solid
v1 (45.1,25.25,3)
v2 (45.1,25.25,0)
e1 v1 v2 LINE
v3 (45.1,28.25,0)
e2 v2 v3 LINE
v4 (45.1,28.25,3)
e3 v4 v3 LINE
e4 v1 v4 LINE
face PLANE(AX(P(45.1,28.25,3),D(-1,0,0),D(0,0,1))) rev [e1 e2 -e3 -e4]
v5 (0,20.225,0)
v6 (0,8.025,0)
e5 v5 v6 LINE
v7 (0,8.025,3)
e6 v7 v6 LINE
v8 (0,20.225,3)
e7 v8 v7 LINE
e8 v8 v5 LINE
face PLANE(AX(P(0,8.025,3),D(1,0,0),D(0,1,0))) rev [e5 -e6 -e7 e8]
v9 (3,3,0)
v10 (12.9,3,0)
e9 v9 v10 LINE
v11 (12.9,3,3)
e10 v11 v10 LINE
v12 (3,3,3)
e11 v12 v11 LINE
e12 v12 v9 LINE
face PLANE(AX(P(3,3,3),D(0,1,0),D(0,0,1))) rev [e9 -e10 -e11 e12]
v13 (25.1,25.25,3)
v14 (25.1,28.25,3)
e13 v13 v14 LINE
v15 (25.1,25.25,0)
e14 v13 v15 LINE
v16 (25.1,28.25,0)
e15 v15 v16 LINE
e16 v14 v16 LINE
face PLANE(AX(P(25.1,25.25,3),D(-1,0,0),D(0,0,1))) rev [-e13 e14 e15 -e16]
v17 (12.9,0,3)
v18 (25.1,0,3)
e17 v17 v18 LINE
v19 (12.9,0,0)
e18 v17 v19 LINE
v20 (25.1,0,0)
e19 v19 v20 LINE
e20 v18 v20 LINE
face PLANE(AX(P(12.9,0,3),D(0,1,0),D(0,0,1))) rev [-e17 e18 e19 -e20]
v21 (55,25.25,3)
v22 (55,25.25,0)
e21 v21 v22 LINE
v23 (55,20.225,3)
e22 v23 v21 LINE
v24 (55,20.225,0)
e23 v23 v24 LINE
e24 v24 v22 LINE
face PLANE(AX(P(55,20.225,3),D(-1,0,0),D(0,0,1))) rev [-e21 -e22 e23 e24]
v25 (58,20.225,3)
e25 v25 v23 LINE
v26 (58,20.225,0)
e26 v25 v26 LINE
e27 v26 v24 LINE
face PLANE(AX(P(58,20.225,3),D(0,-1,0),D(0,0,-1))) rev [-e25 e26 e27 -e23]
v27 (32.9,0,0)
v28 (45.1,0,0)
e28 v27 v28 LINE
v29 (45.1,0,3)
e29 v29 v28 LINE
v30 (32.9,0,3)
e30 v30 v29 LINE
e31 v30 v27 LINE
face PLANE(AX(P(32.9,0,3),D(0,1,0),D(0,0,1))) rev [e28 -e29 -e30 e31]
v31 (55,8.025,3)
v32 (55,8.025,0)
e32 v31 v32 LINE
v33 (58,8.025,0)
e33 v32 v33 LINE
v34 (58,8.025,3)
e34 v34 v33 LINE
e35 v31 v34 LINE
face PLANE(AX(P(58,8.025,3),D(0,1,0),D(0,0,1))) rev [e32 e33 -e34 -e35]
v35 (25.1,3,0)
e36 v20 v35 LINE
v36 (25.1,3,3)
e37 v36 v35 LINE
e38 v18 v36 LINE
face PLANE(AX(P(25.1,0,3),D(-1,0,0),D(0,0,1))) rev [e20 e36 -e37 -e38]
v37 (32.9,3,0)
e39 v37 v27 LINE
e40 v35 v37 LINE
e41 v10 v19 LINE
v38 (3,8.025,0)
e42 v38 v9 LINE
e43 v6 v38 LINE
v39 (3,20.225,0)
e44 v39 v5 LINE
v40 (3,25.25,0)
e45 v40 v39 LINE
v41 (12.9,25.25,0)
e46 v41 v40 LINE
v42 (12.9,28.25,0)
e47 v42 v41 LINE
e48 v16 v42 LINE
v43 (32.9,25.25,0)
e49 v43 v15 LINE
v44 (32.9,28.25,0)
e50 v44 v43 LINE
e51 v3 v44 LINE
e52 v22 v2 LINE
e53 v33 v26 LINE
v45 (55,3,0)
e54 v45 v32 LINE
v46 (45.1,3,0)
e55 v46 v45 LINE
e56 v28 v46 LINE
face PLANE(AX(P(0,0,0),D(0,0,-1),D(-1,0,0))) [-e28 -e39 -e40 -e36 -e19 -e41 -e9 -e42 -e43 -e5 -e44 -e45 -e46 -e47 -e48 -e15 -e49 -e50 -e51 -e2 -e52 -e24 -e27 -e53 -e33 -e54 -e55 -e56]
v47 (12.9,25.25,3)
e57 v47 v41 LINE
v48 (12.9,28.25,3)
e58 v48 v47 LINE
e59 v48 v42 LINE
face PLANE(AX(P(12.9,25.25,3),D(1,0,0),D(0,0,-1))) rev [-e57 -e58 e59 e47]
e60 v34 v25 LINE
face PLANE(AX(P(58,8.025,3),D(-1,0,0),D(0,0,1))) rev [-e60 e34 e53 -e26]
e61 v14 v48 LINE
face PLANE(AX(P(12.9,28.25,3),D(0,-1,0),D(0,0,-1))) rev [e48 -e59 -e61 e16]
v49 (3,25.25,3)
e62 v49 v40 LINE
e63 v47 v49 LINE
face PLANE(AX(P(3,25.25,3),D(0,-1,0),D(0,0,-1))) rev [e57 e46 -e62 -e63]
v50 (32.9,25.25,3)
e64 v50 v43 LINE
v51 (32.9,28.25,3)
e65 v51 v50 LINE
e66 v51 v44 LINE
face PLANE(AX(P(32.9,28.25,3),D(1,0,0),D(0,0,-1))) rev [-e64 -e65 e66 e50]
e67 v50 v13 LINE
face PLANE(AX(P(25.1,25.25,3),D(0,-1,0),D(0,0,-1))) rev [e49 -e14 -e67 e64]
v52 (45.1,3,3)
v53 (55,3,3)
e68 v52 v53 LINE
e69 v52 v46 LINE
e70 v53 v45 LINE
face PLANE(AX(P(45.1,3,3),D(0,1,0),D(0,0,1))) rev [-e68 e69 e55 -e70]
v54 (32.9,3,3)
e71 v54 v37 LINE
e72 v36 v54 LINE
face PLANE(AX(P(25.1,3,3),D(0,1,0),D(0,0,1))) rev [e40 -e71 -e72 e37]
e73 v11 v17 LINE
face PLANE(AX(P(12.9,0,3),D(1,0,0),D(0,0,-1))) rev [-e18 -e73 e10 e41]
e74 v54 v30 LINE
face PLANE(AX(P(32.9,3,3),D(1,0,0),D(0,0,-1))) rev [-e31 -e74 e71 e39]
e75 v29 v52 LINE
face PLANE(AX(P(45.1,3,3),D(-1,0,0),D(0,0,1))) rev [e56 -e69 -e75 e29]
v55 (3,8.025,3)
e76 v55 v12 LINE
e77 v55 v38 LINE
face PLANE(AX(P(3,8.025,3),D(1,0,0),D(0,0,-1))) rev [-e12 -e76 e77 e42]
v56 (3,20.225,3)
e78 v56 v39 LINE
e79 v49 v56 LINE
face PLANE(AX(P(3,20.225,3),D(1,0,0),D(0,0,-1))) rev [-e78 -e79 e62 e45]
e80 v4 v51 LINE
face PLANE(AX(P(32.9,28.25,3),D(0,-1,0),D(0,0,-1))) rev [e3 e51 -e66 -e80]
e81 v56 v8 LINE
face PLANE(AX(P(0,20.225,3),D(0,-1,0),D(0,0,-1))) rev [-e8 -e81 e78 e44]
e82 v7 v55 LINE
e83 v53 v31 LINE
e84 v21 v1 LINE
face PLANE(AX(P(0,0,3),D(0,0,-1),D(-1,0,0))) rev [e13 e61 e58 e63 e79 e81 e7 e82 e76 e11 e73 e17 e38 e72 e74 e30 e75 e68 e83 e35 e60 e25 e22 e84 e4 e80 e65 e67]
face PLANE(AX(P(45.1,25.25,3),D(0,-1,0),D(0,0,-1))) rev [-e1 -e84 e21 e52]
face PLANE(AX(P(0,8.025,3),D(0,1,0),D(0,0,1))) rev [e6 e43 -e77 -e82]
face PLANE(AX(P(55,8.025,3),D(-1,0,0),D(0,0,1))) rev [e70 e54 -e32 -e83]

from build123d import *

# Parameters (mm, degrees)
BOSS_EXTRUDE1_DEPTH = 3


with BuildPart() as part:
    # Sketch2 → Boss-Extrude1 (new body)
    with BuildSketch(Plane.XY):
        Polygon((32.9, 0), (45.1, 0), (45.1, 3), (55, 3), (55, 8.025), (58, 8.025), (58, 20.225), (55, 20.225), (55, 25.25), (45.1, 25.25), (45.1, 28.25), (32.9, 28.25), (32.9, 25.25), (25.1, 25.25), (25.1, 28.25), (12.9, 28.25), (12.9, 25.25), (3, 25.25), (3, 20.225), (0, 20.225), (0, 8.025), (3, 8.025), (3, 3), (12.9, 3), (12.9, 0), (25.1, 0), (25.1, 3), (32.9, 3), align=None)
    extrude(amount=BOSS_EXTRUDE1_DEPTH)


solid = part.part
